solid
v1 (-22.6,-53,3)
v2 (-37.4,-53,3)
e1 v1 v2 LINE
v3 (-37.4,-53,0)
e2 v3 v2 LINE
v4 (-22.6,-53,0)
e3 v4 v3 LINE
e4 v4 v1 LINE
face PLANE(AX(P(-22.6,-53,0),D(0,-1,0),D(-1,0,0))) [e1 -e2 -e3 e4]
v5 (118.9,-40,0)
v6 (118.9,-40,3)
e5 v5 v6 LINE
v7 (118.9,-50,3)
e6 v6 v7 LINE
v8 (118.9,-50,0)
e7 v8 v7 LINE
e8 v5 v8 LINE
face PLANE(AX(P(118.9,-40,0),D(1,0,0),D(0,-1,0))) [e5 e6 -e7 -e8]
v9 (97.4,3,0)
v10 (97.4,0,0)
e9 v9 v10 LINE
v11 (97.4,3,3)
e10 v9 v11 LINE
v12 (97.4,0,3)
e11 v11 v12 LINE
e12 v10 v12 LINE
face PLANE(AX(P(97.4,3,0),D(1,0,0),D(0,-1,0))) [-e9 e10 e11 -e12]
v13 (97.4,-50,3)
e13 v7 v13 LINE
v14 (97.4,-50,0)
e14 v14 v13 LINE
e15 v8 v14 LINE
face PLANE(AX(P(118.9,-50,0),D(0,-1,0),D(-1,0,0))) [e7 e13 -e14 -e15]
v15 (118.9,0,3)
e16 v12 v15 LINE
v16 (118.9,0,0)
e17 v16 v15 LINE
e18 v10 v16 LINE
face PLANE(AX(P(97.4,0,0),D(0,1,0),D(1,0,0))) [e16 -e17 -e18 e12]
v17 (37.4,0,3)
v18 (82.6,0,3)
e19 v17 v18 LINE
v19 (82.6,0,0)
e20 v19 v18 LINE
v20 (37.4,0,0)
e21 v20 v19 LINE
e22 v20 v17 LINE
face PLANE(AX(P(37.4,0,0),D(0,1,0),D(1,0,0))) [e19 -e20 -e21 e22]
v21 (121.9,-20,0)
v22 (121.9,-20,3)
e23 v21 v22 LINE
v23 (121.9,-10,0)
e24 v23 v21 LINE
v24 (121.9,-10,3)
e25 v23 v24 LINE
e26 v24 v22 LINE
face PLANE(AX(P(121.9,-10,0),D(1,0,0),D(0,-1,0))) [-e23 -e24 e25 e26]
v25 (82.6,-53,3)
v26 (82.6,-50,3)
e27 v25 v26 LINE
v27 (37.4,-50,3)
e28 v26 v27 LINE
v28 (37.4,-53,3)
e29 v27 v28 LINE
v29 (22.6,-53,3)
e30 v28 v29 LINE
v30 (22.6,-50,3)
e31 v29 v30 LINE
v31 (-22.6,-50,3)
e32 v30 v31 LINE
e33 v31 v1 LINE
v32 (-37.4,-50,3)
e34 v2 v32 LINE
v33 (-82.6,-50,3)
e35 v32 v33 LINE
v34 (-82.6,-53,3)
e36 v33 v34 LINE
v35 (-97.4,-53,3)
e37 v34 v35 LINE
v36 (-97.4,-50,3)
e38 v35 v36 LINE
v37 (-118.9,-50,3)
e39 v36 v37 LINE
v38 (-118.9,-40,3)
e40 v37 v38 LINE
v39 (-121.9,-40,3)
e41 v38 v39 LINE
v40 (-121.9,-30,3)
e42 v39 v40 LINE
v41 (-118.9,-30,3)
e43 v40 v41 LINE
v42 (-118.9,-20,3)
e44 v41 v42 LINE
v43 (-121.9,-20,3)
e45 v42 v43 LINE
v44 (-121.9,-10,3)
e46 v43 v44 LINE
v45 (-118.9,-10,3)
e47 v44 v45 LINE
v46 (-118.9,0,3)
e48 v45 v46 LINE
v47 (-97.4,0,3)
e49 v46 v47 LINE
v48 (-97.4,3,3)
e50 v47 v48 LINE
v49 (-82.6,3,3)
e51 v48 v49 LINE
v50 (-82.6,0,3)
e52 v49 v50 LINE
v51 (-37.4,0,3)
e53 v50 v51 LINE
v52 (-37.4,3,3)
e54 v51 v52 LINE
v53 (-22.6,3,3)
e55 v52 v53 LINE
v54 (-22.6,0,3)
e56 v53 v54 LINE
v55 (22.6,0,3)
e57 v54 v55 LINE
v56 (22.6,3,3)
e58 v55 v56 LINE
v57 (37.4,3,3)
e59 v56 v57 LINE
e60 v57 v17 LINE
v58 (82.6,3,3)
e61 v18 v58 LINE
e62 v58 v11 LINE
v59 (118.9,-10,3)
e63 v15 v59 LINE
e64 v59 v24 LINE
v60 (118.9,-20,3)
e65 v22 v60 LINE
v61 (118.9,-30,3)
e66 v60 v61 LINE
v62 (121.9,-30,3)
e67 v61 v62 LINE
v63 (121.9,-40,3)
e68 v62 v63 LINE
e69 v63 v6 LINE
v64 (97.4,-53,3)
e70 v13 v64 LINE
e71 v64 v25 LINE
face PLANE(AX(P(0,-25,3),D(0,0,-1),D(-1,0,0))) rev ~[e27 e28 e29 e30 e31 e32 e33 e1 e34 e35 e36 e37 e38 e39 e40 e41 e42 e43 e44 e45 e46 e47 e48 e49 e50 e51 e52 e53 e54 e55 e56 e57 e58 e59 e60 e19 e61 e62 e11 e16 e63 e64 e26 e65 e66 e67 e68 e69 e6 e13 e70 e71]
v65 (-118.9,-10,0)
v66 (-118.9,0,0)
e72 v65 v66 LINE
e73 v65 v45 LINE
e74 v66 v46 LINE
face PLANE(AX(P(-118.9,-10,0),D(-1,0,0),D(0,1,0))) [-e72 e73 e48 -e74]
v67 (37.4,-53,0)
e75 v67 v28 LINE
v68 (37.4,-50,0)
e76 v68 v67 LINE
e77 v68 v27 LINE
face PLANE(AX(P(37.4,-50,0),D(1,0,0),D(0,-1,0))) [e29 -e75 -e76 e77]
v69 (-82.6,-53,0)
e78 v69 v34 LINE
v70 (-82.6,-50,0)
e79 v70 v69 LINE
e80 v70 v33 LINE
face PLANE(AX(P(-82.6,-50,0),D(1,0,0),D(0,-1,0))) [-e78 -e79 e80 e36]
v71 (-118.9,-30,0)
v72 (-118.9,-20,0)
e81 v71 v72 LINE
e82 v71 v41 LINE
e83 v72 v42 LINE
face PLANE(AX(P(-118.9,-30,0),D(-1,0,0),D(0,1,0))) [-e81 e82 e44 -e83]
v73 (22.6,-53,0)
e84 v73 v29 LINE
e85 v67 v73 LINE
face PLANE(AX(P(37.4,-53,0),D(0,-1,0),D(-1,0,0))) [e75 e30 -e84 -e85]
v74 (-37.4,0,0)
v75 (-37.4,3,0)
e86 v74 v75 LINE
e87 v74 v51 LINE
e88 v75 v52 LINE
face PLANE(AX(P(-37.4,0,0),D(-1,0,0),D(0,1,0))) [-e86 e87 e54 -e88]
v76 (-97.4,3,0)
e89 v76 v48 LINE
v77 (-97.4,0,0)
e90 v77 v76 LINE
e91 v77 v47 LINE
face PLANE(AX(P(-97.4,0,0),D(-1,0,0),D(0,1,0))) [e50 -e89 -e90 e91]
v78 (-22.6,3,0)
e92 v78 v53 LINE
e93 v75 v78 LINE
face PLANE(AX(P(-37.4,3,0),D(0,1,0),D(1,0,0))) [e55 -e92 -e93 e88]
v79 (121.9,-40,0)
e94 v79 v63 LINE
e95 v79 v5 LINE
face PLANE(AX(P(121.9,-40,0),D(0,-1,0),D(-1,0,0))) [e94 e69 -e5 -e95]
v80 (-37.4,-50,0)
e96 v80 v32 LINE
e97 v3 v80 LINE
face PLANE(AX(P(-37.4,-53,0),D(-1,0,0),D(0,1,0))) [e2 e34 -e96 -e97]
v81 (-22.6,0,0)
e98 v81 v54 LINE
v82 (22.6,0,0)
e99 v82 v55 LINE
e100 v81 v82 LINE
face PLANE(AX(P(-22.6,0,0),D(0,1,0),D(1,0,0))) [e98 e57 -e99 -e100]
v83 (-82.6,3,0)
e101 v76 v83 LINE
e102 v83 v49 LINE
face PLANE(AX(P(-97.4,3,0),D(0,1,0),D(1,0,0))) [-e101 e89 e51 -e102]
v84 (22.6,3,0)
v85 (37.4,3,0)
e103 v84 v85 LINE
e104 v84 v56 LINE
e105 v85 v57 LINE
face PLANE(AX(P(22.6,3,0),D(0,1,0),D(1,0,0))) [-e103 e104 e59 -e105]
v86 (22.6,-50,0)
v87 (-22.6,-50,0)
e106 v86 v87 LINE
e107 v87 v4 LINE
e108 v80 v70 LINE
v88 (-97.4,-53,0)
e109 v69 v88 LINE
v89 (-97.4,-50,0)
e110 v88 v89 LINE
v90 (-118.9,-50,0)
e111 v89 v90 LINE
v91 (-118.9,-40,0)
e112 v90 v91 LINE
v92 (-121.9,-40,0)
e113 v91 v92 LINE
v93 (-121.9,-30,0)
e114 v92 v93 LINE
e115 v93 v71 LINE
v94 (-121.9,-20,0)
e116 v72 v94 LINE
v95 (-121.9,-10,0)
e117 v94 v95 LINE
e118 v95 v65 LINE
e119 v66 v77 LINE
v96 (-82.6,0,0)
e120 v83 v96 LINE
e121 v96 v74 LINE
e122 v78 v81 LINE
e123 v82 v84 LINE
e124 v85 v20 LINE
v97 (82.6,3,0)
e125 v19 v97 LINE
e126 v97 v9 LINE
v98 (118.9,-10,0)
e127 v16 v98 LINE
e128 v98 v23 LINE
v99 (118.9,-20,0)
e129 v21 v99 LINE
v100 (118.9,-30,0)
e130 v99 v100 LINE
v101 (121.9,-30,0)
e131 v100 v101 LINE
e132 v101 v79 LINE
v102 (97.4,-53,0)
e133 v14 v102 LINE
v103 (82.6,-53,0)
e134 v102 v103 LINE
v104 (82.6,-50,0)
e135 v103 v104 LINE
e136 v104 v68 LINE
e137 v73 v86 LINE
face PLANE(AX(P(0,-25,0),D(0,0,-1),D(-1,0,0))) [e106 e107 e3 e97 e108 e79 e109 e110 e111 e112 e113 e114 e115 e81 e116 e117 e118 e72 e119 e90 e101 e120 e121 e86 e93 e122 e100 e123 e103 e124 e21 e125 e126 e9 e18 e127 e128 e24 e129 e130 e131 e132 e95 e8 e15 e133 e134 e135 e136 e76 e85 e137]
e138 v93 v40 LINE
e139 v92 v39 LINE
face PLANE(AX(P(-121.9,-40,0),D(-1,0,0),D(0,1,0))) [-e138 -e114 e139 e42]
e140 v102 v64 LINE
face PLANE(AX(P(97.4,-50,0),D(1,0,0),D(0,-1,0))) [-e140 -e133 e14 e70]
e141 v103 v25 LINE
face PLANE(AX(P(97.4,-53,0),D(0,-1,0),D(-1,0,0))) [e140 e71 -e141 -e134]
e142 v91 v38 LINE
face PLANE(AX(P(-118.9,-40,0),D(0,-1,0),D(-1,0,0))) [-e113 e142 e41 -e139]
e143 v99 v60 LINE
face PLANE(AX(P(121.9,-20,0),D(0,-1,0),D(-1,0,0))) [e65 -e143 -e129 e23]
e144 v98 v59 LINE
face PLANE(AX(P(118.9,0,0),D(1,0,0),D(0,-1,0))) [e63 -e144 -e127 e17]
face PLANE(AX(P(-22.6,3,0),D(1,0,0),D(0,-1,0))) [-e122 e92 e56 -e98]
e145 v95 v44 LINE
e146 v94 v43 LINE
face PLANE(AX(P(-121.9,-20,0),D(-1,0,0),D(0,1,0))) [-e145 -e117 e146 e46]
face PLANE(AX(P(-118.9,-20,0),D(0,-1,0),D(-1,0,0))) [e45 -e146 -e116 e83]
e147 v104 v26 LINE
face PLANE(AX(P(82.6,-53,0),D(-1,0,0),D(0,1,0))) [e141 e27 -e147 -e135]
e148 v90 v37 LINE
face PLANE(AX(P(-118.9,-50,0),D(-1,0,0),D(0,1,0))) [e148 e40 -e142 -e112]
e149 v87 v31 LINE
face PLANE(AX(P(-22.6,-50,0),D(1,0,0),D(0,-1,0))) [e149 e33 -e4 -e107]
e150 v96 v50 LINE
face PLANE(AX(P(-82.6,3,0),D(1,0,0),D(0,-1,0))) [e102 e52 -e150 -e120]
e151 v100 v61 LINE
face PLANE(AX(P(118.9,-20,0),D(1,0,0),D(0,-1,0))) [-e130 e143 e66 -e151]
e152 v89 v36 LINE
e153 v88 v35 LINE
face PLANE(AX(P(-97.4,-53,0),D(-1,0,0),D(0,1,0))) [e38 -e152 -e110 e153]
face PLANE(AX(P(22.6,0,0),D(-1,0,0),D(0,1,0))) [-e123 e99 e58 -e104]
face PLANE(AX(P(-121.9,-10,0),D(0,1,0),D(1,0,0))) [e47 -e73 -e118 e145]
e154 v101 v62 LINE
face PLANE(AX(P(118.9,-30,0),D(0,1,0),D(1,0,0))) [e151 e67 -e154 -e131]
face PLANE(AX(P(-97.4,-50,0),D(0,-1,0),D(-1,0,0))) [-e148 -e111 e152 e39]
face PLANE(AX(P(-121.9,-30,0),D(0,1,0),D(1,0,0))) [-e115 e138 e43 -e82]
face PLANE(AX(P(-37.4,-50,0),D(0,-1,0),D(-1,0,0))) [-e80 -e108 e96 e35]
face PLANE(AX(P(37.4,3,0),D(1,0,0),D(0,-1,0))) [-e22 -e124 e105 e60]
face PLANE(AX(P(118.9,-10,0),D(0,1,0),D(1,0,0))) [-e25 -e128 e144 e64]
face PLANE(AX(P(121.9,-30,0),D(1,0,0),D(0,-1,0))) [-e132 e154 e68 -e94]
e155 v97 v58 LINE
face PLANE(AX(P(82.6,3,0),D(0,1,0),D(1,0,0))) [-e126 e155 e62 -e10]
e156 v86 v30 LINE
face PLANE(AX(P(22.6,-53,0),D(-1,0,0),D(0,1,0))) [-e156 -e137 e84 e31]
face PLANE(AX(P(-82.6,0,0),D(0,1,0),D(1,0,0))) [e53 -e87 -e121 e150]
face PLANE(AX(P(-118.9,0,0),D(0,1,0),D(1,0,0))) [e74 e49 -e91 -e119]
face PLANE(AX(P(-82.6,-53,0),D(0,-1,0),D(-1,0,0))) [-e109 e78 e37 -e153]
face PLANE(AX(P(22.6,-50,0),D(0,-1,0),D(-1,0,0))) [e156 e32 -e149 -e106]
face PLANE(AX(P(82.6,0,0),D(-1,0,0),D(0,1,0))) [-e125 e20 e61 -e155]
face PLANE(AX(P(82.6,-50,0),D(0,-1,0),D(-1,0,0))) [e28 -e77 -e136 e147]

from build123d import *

# Parameters (mm, degrees)
BOSS_EXTRUDE1_DEPTH = 3


with BuildPart() as part:
    # Sketch1 → Boss-Extrude1 (new body)
    with BuildSketch(Plane.XY):
        Polygon((-22.6, 0), (22.6, 0), (22.6, 3), (37.4, 3), (37.4, 0), (82.6, 0), (82.6, 3), (97.4, 3), (97.4, 0), (118.9, 0), (118.9, -10), (121.9, -10), (121.9, -20), (118.9, -20), (118.9, -30), (121.9, -30), (121.9, -40), (118.9, -40), (118.9, -50), (97.4, -50), (97.4, -53), (82.6, -53), (82.6, -50), (37.4, -50), (37.4, -53), (22.6, -53), (22.6, -50), (-22.6, -50), (-22.6, -53), (-37.4, -53), (-37.4, -50), (-82.6, -50), (-82.6, -53), (-97.4, -53), (-97.4, -50), (-118.9, -50), (-118.9, -40), (-121.9, -40), (-121.9, -30), (-118.9, -30), (-118.9, -20), (-121.9, -20), (-121.9, -10), (-118.9, -10), (-118.9, 0), (-97.4, 0), (-97.4, 3), (-82.6, 3), (-82.6, 0), (-37.4, 0), (-37.4, 3), (-22.6, 3), align=None)
    extrude(amount=BOSS_EXTRUDE1_DEPTH)


solid = part.part
